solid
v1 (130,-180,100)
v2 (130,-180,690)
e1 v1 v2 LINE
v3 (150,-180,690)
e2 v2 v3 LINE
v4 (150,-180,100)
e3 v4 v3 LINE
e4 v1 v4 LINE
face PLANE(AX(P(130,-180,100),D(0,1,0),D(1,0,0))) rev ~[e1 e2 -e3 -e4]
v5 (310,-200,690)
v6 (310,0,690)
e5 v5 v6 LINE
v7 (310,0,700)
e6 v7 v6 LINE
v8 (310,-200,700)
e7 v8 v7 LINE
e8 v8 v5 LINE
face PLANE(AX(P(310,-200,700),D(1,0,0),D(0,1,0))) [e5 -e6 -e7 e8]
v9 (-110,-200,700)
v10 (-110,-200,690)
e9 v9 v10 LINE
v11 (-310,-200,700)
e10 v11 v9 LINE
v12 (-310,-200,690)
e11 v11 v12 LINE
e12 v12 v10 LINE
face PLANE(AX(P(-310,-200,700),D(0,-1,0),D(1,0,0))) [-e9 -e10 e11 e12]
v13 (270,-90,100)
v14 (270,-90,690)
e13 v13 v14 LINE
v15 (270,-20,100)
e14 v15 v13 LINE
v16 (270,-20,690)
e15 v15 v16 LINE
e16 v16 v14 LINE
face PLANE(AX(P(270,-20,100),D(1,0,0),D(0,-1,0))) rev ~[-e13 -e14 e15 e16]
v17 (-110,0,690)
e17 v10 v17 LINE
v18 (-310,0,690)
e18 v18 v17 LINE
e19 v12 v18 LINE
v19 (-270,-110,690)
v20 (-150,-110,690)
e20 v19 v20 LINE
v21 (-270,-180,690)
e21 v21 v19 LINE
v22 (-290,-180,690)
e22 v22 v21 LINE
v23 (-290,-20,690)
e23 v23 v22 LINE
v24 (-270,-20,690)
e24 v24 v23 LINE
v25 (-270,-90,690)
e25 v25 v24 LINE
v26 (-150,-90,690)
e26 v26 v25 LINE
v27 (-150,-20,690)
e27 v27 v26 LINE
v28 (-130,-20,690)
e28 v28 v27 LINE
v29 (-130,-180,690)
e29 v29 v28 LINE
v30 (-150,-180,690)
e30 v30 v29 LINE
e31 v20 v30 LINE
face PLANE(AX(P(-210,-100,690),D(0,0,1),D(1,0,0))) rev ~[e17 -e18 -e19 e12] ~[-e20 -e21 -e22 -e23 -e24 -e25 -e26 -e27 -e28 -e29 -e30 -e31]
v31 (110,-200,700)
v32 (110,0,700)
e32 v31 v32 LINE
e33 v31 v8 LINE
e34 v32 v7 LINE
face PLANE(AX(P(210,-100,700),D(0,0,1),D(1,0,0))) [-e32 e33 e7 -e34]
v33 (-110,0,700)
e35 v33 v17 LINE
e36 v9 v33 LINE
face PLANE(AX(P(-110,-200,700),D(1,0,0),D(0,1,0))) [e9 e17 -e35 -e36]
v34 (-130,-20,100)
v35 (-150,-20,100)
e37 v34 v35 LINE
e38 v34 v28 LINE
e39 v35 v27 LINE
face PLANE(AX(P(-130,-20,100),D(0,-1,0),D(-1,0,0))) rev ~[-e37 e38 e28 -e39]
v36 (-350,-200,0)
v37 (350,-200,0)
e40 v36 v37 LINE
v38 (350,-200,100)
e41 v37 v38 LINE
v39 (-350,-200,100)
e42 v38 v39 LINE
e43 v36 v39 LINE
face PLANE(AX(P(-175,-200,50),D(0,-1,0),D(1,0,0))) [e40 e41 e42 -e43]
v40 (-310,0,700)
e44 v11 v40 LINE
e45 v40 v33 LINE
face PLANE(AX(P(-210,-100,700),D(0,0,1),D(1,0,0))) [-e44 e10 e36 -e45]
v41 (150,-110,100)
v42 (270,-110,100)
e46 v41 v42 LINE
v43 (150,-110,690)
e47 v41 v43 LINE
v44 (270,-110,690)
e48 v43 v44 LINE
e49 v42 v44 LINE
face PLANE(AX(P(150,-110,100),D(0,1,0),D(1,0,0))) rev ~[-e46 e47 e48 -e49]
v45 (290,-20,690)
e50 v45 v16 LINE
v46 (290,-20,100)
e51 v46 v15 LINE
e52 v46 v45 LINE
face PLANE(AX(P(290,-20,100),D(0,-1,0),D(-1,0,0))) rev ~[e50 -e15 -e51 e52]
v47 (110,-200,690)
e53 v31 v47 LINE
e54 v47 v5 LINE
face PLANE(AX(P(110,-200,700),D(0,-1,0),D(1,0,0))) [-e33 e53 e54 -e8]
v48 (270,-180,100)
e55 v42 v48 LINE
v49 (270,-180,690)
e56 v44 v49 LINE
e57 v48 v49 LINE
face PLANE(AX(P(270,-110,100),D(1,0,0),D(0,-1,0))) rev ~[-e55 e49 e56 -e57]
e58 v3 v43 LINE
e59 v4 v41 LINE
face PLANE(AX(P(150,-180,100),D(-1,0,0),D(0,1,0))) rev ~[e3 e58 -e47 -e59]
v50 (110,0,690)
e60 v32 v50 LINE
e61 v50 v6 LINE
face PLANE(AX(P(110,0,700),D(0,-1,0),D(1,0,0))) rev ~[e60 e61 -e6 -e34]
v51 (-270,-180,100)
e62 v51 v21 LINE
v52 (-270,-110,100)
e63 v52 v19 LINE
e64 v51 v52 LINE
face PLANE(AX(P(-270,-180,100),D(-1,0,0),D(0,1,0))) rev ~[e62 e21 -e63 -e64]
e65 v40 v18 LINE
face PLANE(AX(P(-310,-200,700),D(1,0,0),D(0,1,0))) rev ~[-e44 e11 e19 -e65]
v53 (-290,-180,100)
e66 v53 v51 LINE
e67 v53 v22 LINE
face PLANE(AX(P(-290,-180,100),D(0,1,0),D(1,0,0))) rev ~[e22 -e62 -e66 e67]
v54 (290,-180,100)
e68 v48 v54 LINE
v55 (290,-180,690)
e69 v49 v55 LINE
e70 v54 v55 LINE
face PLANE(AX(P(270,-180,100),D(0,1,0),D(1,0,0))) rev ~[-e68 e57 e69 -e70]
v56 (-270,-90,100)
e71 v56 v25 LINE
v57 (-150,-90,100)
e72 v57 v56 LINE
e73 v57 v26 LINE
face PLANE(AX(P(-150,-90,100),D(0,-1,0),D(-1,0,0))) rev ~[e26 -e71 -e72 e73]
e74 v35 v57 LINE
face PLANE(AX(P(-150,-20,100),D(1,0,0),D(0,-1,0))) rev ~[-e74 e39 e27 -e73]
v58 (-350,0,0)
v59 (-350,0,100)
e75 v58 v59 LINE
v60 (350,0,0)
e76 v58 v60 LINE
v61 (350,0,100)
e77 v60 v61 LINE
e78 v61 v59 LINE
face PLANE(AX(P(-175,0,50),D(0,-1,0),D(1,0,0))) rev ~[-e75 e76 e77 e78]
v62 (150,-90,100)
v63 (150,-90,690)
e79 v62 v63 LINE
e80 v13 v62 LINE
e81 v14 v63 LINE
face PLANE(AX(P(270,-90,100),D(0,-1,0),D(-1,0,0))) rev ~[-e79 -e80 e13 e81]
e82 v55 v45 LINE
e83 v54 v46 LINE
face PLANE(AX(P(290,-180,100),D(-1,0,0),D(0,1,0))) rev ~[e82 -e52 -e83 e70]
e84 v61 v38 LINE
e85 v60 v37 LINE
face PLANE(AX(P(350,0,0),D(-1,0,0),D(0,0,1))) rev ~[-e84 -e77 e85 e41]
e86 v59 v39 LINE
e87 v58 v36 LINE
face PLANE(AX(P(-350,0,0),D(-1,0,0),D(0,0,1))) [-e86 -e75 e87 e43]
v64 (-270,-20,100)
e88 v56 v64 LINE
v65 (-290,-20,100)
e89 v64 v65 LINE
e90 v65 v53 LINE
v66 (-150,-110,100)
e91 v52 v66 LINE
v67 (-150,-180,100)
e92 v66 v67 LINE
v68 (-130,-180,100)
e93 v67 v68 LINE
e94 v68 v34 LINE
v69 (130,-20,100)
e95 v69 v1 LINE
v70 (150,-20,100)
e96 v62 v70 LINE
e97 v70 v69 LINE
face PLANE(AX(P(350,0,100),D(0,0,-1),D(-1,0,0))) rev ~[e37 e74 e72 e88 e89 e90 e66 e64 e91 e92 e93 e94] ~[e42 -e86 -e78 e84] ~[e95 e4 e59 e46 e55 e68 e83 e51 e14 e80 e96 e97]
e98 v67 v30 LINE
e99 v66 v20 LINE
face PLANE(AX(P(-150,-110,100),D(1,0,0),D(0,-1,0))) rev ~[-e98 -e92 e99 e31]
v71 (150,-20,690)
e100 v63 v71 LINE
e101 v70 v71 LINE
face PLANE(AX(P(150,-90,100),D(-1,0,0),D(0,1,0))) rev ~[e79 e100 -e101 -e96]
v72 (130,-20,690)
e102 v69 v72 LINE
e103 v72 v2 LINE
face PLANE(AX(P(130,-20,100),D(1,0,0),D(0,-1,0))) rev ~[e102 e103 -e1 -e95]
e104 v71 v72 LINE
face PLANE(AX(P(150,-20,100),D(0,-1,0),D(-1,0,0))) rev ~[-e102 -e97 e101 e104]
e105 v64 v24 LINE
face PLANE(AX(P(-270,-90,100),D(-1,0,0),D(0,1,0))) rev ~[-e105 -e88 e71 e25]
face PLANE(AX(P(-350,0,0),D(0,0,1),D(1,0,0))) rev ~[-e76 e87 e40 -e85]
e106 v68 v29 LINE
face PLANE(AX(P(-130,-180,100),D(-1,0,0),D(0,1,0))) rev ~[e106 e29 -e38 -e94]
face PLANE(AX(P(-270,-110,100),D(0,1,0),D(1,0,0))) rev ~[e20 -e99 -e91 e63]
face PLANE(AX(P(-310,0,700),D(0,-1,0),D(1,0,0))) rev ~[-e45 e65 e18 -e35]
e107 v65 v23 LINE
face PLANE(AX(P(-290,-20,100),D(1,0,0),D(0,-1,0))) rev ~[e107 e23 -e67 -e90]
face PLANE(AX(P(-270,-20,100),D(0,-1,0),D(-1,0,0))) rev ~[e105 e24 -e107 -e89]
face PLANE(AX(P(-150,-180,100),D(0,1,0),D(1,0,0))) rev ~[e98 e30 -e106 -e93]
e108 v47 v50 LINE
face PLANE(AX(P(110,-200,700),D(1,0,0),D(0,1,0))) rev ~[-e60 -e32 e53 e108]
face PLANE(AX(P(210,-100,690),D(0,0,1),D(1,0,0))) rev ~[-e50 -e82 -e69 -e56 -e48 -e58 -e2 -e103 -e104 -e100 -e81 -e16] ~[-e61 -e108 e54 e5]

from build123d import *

# Parameters (mm, degrees)
F0_W     = 350
F0_H     = 100
F1_DEPTH = 200
F3_DEPTH = 600
F4_W     = 200
F4_H     = 200
F5_DEPTH = 10


with BuildPart() as f1:
    # F0 (on Front) → F1 (new body)
    with BuildSketch(Plane.XZ):
        with Locations((-175, 50)):
            Rectangle(F0_W, F0_H)
        with Locations((175, 50)):
            Rectangle(F0_W, F0_H)
    extrude(amount=F1_DEPTH)

    # F2 (on face) → F3 (join)
    with BuildSketch(Plane.XY.offset(100)):
        Polygon((-130, -180), (-130, -20), (-150, -20), (-150, -90), (-270, -90), (-270, -20), (-290, -20), (-290, -180), (-270, -180), (-270, -110), (-150, -110), (-150, -180), align=None)
        Polygon((150, -20), (130, -20), (130, -180), (150, -180), (150, -110), (270, -110), (270, -180), (290, -180), (290, -20), (270, -20), (270, -90), (150, -90), align=None)
    extrude(amount=F3_DEPTH)

    # F4 (on face) → F5 (join)
    with BuildSketch(Plane.XY.offset(700)):
        with Locations((210, -100)):
            Rectangle(F4_W, F4_H)
        Polygon((130, -20), (150, -20), (150, -90), (270, -90), (270, -20), (290, -20), (290, -180), (270, -180), (270, -110), (150, -110), (150, -180), (130, -180), align=None, mode=Mode.SUBTRACT)
        Polygon((150, -90), (150, -20), (130, -20), (130, -180), (150, -180), (150, -110), (270, -110), (270, -180), (290, -180), (290, -20), (270, -20), (270, -90), align=None)
        with Locations((-210, -100)):
            Rectangle(F4_W, F4_H)
    extrude(amount=-F5_DEPTH)


solid = f1.part
